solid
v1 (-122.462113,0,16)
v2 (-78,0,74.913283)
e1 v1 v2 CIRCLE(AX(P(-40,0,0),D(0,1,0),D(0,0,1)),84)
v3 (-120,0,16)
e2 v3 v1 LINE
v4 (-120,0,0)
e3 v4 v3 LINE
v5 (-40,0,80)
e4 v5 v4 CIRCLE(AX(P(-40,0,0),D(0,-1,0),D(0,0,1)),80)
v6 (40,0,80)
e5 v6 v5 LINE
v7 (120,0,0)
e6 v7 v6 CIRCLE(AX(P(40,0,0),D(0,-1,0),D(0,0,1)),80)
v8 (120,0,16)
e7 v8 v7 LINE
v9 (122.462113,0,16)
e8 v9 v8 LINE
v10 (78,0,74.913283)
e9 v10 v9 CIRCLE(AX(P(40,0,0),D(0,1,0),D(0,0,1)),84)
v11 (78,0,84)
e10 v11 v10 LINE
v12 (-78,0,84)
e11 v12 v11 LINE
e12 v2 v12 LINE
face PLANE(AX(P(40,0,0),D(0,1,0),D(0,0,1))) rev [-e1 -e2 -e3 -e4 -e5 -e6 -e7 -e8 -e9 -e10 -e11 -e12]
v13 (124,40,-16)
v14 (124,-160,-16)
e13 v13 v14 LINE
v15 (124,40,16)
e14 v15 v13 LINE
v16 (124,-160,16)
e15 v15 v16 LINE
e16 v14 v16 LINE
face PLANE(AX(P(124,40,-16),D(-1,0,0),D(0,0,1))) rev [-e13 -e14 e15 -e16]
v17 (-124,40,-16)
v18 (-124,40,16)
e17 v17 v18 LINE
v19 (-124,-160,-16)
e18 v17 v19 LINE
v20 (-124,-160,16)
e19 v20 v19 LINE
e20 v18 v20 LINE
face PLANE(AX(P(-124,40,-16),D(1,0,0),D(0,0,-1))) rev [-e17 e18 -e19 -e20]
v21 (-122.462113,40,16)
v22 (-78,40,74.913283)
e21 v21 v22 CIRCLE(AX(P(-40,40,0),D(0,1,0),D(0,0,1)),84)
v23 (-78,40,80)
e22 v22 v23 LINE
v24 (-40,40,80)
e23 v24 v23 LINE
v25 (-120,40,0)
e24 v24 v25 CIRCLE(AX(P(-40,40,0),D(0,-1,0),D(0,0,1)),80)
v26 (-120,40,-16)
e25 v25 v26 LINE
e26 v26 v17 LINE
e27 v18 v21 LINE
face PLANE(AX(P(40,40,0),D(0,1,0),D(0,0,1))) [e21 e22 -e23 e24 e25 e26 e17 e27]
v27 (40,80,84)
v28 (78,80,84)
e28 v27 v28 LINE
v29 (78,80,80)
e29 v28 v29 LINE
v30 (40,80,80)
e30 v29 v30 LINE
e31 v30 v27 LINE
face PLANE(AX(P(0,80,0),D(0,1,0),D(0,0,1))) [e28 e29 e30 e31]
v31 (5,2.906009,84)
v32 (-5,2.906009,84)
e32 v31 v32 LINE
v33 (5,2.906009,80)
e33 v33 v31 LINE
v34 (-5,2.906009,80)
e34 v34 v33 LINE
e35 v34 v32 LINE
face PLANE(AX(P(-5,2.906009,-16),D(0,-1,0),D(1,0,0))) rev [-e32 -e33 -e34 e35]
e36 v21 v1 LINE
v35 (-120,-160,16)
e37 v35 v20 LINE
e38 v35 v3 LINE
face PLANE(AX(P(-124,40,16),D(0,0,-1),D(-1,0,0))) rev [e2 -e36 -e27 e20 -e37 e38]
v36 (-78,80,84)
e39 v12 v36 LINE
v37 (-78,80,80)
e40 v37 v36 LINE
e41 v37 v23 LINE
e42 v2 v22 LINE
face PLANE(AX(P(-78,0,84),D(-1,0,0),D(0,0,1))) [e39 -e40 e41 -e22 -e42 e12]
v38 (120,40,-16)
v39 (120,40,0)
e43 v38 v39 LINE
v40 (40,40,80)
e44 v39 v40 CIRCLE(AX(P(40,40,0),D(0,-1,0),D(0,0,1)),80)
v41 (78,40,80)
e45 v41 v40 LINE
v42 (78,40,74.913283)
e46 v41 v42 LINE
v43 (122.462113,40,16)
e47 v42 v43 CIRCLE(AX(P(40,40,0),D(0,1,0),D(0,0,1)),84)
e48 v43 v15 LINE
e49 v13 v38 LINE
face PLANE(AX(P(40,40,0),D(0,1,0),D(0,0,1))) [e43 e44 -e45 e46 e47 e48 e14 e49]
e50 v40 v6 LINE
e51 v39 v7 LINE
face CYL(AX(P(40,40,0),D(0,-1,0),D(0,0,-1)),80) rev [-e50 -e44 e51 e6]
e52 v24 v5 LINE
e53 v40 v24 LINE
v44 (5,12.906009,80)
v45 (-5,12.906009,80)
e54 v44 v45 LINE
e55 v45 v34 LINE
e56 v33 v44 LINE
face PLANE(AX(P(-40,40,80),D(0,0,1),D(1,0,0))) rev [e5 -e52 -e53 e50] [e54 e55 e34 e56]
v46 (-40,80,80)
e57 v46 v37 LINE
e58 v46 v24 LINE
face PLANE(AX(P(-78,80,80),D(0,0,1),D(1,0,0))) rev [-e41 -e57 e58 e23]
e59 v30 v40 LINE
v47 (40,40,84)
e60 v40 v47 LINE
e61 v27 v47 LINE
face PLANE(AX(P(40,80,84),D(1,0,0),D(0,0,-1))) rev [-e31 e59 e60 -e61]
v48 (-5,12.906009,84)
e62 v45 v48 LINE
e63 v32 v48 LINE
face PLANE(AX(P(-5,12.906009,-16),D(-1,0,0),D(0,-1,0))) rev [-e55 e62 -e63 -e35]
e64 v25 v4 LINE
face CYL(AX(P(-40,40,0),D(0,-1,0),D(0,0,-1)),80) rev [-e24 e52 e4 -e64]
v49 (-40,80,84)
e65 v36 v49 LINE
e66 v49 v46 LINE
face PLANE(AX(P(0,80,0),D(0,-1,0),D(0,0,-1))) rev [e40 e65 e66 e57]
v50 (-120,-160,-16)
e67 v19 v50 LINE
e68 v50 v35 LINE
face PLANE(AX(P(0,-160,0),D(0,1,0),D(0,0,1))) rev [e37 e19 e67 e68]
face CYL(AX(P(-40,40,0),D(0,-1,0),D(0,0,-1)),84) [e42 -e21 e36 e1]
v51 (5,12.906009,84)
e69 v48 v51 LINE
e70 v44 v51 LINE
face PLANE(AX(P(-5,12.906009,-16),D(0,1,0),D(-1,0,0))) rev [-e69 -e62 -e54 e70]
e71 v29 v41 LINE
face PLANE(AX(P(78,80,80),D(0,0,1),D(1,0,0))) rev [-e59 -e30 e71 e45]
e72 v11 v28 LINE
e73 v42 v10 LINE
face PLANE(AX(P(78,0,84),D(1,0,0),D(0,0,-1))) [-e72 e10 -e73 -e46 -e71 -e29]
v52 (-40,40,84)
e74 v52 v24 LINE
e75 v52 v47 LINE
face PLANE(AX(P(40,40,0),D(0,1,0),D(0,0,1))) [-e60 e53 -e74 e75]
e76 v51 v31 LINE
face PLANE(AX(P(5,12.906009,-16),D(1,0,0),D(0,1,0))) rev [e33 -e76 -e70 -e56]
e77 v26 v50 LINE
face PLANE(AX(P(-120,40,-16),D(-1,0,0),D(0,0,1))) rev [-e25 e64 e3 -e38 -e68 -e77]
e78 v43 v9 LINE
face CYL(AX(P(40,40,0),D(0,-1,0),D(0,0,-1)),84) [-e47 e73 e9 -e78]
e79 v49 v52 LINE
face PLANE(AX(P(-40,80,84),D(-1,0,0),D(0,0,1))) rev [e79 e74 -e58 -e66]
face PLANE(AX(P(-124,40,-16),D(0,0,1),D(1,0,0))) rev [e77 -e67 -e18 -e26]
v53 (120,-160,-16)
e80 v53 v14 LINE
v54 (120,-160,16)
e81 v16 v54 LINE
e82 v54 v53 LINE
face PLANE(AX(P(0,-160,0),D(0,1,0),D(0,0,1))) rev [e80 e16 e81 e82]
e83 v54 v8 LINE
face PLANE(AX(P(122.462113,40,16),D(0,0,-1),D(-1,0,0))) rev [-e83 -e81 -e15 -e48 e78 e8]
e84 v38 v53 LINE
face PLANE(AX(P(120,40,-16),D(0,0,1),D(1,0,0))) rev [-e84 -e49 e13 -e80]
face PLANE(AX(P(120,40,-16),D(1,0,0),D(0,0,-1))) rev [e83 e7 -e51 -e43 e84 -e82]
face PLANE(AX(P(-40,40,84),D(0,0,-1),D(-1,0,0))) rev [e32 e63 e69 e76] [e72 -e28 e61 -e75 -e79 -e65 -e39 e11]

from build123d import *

# Parameters (mm, degrees)
EXTRUDE_1_DEPTH          = 40
SKETCH_3_W               = 4
SKETCH_3_H               = 32
EXTRUDE_2_DEPTH          = 160
EXTRUDE_3_DEPTH          = 40
SKETCH_6_W               = 38
SKETCH_6_H               = 4
EXTRUDE_4_DEPTH          = 40
CUT_EXTRUDE_1_DEPTH      = 226.778652667
CUT_EXTRUDE_1_DEPTH_BACK = 226.778652667
SKETCH_4_W               = 10
SKETCH_4_H               = 10


with BuildPart() as part:
    # 草图2 → 凸台-拉伸1 (new body)
    with BuildSketch(Plane(origin=(0, 0, 0), x_dir=(1, 0, 0), z_dir=(0, 1, 0))):
        with BuildLine():
            Line((-40, -80), (40, -80))
            ThreePointArc((40, -80), (96.568542495, -56.568542495), (120, 0))
            Line((120, 0), (120, 16))
            Line((120, 16), (124, 16))
            Line((124, 16), (124, -16))
            Line((124, -16), (122.462112512, -16))
            ThreePointArc((122.462112512, -16), (93.441556864, -64.807406984), (40, -84))
            Line((40, -84), (-40, -84))
            ThreePointArc((-40, -84), (-93.441556864, -64.807406984), (-122.462112512, -16))
            Line((-122.462112512, -16), (-124, -16))
            Line((-124, -16), (-124, 16))
            Line((-124, 16), (-120, 16))
            Line((-120, 16), (-120, 0))
            ThreePointArc((-120, 0), (-96.568542495, -56.568542495), (-40, -80))
        make_face()
    extrude(amount=EXTRUDE_1_DEPTH)

    # 草图3 → 凸台-拉伸2 (add)
    with BuildSketch(Plane.XZ):
        with Locations((-122, 0)):
            Rectangle(SKETCH_3_W, SKETCH_3_H)
        with Locations((122, 0)):
            Rectangle(SKETCH_3_W, SKETCH_3_H)
    extrude(amount=EXTRUDE_2_DEPTH)

    # 草图5 → 凸台-拉伸3 (add)
    with BuildSketch(Plane(origin=(0, 40, 0), x_dir=(1, 0, 0), z_dir=(0, 1, 0))):
        Polygon((-40, -84), (-78, -84), (-78, -74.913283201), (-55.5334574, -80.946187921), (52.897278528, -80.946187921), (78, -72.607731722), (78, -84), (40, -84), align=None)
    extrude(amount=-EXTRUDE_3_DEPTH)

    # 草图6 → 凸台-拉伸4 (add)
    with BuildSketch(Plane(origin=(0, 40, 0), x_dir=(1, 0, 0), z_dir=(0, 1, 0))):
        with Locations((-59, -82)):
            Rectangle(SKETCH_6_W, SKETCH_6_H)
        with Locations((59, -82)):
            Rectangle(SKETCH_6_W, SKETCH_6_H)
    extrude(amount=EXTRUDE_4_DEPTH)

    # 草图4 → 切除-拉伸1 (cut, two sides: drawn at the far end of the back side and taken through both)
    with BuildSketch(Plane.XY.offset(84).offset(-CUT_EXTRUDE_1_DEPTH_BACK)):
        with Locations((0, 7.906009126)):
            Rectangle(SKETCH_4_W, SKETCH_4_H)
    extrude(amount=CUT_EXTRUDE_1_DEPTH + CUT_EXTRUDE_1_DEPTH_BACK, mode=Mode.SUBTRACT)


solid = part.part
